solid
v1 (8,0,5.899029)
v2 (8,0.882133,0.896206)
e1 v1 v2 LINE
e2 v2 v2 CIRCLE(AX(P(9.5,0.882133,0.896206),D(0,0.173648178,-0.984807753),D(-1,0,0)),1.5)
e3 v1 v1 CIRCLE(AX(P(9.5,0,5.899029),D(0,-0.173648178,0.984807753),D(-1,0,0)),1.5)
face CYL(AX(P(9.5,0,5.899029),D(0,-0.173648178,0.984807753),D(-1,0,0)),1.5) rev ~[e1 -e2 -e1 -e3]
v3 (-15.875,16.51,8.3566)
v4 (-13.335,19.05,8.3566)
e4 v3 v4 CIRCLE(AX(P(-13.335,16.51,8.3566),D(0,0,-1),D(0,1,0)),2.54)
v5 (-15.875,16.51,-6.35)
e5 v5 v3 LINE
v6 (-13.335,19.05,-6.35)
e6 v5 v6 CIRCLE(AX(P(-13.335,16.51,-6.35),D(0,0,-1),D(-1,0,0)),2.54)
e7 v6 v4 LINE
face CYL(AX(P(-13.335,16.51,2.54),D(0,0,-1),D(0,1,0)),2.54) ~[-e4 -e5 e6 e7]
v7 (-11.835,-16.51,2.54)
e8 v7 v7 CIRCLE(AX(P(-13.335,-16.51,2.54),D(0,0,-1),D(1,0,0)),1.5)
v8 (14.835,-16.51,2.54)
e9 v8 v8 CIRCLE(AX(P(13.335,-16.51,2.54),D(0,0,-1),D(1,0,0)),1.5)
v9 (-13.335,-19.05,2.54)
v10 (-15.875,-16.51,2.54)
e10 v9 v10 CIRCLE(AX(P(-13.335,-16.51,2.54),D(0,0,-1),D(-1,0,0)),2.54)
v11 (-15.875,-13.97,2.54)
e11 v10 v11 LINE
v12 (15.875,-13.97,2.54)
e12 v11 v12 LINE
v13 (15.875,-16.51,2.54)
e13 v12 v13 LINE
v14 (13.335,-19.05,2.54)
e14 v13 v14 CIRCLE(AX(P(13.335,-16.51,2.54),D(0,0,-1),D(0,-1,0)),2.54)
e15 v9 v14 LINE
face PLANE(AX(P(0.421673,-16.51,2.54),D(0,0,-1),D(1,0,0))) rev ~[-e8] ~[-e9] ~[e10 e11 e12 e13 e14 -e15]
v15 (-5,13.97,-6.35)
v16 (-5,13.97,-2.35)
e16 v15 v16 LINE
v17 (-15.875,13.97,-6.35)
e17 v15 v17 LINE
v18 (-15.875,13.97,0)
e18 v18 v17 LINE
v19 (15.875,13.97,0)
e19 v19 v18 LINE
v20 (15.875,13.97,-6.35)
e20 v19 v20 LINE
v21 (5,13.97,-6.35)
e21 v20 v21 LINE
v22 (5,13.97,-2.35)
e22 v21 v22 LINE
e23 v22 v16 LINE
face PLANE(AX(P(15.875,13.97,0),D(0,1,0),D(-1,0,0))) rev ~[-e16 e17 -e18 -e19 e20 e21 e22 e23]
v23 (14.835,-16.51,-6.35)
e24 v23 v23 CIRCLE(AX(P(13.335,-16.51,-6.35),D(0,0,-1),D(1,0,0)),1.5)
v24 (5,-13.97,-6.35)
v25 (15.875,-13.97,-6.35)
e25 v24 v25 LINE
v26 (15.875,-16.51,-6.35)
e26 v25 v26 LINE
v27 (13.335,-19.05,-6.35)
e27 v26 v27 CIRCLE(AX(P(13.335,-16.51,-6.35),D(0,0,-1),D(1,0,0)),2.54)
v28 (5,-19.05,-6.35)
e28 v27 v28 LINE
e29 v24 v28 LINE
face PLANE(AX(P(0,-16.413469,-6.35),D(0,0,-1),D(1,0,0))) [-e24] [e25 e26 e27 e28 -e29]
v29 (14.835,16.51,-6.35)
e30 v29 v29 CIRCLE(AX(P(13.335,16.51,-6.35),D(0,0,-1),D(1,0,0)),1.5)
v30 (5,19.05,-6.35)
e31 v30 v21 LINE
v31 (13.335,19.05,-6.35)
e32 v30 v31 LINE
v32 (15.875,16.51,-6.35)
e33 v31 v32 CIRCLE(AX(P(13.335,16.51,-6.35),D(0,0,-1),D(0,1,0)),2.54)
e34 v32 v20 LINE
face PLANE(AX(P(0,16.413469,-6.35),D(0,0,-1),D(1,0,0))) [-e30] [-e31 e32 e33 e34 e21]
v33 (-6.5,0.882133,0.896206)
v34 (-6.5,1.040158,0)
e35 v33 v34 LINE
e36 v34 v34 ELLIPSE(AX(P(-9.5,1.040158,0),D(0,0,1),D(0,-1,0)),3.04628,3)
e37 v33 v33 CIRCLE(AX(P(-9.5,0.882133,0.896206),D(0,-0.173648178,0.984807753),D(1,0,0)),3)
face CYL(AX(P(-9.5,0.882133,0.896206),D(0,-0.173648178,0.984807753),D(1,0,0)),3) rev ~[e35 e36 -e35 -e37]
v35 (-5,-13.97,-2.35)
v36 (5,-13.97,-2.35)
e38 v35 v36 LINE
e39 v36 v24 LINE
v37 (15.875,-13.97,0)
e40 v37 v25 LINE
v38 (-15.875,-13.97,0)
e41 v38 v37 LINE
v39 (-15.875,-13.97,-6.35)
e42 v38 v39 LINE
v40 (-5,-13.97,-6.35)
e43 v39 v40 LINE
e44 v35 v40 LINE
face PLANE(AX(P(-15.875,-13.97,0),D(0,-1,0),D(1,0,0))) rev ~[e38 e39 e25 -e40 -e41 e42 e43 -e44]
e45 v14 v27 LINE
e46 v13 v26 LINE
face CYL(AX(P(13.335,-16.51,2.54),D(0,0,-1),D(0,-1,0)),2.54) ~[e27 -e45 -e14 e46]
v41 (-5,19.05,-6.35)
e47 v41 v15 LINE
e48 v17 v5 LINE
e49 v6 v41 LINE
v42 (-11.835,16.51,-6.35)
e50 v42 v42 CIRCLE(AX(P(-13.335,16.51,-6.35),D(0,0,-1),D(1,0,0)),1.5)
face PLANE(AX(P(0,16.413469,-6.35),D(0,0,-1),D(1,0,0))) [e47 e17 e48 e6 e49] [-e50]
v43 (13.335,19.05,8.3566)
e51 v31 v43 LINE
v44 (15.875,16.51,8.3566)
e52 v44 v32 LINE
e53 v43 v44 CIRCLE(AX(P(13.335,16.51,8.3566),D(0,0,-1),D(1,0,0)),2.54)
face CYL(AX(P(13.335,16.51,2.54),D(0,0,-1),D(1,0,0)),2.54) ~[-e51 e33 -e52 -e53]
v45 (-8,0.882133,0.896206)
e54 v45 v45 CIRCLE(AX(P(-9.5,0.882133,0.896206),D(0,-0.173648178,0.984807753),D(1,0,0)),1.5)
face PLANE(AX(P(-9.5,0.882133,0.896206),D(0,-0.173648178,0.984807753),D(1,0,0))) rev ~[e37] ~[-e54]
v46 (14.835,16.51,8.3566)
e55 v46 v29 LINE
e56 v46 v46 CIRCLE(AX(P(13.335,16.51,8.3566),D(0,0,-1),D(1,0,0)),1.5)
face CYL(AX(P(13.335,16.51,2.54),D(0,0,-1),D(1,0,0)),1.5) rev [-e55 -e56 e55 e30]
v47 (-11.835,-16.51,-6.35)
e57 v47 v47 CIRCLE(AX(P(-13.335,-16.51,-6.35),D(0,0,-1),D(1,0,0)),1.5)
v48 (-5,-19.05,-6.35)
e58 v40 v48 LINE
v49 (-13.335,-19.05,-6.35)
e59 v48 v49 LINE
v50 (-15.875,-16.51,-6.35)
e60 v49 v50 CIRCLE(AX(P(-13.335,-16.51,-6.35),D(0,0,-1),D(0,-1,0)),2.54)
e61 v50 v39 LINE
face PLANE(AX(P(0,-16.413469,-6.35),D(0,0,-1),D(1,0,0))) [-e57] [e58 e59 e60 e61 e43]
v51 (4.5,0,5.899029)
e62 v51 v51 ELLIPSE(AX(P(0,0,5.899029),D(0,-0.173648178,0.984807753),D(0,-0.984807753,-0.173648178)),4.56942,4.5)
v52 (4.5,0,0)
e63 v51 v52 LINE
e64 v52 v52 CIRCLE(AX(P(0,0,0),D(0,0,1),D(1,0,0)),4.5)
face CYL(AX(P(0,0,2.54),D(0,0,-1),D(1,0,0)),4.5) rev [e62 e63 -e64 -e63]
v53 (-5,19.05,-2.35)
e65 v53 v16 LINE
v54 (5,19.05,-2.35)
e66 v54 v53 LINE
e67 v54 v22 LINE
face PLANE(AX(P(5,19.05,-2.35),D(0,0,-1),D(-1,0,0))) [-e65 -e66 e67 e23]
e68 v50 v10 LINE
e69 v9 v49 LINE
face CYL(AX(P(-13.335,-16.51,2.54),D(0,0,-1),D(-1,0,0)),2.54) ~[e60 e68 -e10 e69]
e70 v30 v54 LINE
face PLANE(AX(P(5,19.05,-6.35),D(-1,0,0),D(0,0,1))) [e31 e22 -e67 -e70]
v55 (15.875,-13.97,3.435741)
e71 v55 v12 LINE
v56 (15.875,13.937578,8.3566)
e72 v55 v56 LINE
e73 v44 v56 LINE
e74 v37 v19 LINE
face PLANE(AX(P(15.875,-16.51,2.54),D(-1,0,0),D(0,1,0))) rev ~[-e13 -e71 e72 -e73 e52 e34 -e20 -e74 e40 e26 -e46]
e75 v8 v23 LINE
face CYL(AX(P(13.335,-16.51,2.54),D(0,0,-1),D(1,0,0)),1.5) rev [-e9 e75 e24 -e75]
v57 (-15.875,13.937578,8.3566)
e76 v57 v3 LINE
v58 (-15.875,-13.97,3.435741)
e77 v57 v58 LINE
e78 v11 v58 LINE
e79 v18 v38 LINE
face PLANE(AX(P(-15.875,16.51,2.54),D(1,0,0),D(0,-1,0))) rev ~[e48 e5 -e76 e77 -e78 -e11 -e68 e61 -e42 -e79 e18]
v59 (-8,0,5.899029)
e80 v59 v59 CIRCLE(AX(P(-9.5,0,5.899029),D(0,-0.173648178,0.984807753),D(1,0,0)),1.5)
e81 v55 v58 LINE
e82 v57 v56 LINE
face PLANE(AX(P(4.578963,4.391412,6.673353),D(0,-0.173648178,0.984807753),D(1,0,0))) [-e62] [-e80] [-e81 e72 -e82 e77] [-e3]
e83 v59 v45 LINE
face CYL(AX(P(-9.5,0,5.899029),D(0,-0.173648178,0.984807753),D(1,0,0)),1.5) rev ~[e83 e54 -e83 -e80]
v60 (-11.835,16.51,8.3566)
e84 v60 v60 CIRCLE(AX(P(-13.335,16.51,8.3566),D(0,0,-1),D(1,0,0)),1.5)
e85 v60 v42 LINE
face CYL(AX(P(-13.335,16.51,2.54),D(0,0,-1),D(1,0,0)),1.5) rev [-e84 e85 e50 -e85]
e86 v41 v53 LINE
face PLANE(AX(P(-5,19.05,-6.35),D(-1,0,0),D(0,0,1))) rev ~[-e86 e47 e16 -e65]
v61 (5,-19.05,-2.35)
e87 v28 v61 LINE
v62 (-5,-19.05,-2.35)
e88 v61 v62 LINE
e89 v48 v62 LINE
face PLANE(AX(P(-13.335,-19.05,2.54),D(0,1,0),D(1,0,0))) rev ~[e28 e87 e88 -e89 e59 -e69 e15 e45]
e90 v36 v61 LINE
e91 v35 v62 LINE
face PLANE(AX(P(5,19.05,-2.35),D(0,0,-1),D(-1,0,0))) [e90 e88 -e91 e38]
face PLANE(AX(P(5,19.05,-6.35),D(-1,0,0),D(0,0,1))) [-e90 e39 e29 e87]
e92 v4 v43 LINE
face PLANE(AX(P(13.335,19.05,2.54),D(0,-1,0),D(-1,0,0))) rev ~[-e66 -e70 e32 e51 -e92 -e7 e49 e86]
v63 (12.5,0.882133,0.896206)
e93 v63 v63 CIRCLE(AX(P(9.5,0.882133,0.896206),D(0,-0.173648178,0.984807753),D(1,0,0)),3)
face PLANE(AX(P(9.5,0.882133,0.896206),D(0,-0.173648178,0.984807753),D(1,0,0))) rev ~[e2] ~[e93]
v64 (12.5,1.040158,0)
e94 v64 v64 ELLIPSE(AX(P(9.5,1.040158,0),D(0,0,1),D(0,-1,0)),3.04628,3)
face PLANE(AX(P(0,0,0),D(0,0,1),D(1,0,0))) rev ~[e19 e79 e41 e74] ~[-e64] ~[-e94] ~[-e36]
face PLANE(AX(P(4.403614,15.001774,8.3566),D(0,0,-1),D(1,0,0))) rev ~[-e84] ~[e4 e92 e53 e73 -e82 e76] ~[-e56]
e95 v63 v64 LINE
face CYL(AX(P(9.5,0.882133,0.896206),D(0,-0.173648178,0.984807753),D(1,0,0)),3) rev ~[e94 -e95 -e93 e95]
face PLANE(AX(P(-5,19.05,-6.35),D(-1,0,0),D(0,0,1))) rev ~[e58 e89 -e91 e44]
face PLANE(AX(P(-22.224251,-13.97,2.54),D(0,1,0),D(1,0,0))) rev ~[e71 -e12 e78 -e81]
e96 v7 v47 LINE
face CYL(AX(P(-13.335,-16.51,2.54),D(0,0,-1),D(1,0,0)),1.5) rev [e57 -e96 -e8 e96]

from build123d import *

# Parameters (mm, degrees)
F0_R      = 1.5
F0_R_2    = 4.5
F1_DEPTH  = 2.54
F2_R      = 1.5
F3_DEPTH  = 6.35
F4_W      = 10
F4_H      = 4
F5_DEPTH  = 38.101
F7_DEPTH  = 25.4
F8_W      = 51.0473959148
F8_H      = 75.9243667126
F9_DEPTH  = 25.4
F11_W     = 50.7149714977
F11_H     = 15.4611356556
F12_DEPTH = 25.4
F14_W     = 45.2918484807
F14_H     = 5.08
F15_DEPTH = 25.4
F16_R     = 1.5
F17_DEPTH = 25.4
F19_R     = 3
F19_R_2   = 1.5
F20_DEPTH = 25.4


with BuildPart() as f1:
    # F0 (on Top) → F1 (new body)
    with BuildSketch(Plane.XY):
        with BuildLine():
            ThreePointArc((15.875, 16.51), (15.1310512242, 18.3060512242), (13.335, 19.05))
            Line((13.335, 19.05), (-13.335, 19.05))
            ThreePointArc((-13.335, 19.05), (-15.1310512242, 18.3060512242), (-15.875, 16.51))
            Line((-15.875, 16.51), (-15.875, -16.51))
            ThreePointArc((-15.875, -16.51), (-15.1310512242, -18.3060512242), (-13.335, -19.05))
            Line((-13.335, -19.05), (13.335, -19.05))
            ThreePointArc((13.335, -19.05), (15.1310512242, -18.3060512242), (15.875, -16.51))
            Line((15.875, -16.51), (15.875, 16.51))
        make_face()
        with Locations((-13.335, -16.51)):
            Circle(F0_R, mode=Mode.SUBTRACT)
        with Locations((13.335, -16.51)):
            Circle(F0_R, mode=Mode.SUBTRACT)
        with Locations((-13.335, 16.51)):
            Circle(F0_R, mode=Mode.SUBTRACT)
        Circle(F0_R_2, mode=Mode.SUBTRACT)
        with Locations((13.335, 16.51)):
            Circle(F0_R, mode=Mode.SUBTRACT)
    extrude(amount=F1_DEPTH)

    # F2 (on face) → F3 (join)
    with BuildSketch(Plane(origin=(0, 0, 0), x_dir=(1, 0, 0), z_dir=(0, 0, -1))):
        with BuildLine():
            Line((-15.875, 16.51), (-15.875, 13.97))
            Line((-15.875, 13.97), (15.875, 13.97))
            Line((15.875, 13.97), (15.875, 16.51))
            ThreePointArc((15.875, 16.51), (15.1310512242, 18.3060512242), (13.335, 19.05))
            Line((13.335, 19.05), (-13.335, 19.05))
            ThreePointArc((-13.335, 19.05), (-15.1310512242, 18.3060512242), (-15.875, 16.51))
        make_face()
        with Locations((-13.335, 16.51)):
            Circle(F2_R, mode=Mode.SUBTRACT)
        with Locations((13.335, 16.51)):
            Circle(F2_R, mode=Mode.SUBTRACT)
        with BuildLine():
            Line((15.875, -13.97), (-15.875, -13.97))
            Line((-15.875, -13.97), (-15.875, -16.51))
            ThreePointArc((-15.875, -16.51), (-15.1310512242, -18.3060512242), (-13.335, -19.05))
            Line((-13.335, -19.05), (13.335, -19.05))
            ThreePointArc((13.335, -19.05), (15.1310512242, -18.3060512242), (15.875, -16.51))
            Line((15.875, -16.51), (15.875, -13.97))
        make_face()
        with Locations((-13.335, -16.51)):
            Circle(F2_R, mode=Mode.SUBTRACT)
        with Locations((13.335, -16.51)):
            Circle(F2_R, mode=Mode.SUBTRACT)
    extrude(amount=F3_DEPTH)

    # F4 (on face) → F5 (cut, through all)
    with BuildSketch(Plane(origin=(0, 19.05, 0), x_dir=(-1, 0, 0), z_dir=(0, 1, 0))):
        with Locations((0, -4.35)):
            Rectangle(F4_W, F4_H)
    extrude(amount=-F5_DEPTH, mode=Mode.SUBTRACT)

    # F7 (add): a face of the model
    f7_faces = [f1.faces().sort_by_distance(p)[0] for p in [
        (14.7803610119, 17.9553610119, 2.54),
    ]]
    extrude(f7_faces, amount=F7_DEPTH)

    # F8 (on face) → F9 (cut)
    with BuildSketch(Plane(origin=(0, -1.008793369, 5.7211514936), x_dir=(1, 0, 0), z_dir=(0, -0.1736481777, 0.984807753))):
        with Locations((4.5789629221, 5.4835118353)):
            Rectangle(F8_W, F8_H)
    extrude(amount=F9_DEPTH, mode=Mode.SUBTRACT)

    # F11 (on offset) → F12 (cut)
    with BuildSketch(Plane(origin=(0, 0, 8.3566), x_dir=(1, 0, 0), z_dir=(0, 0, -1))):
        with Locations((4.4036144391, -15.0017738342)):
            Rectangle(F11_W, F11_H)
    extrude(amount=-F12_DEPTH, mode=Mode.SUBTRACT)

    # F14 (on offset) → F15 (cut)
    with BuildSketch(Plane(origin=(0, 0, 2.54), x_dir=(1, 0, 0), z_dir=(0, 0, -1))):
        with Locations((0.4216730595, 16.51)):
            Rectangle(F14_W, F14_H)
    extrude(amount=-F15_DEPTH, mode=Mode.SUBTRACT)

    # F16 (on face) → F17 (cut)
    with BuildSketch(Plane(origin=(0, -1.008793369, 5.7211514936), x_dir=(1, 0, 0), z_dir=(0, -0.1736481777, 0.984807753))):
        with Locations((-9.5, 1.0243556328)):
            Circle(F16_R)
        with BuildLine():
            ThreePointArc((11, 1.0243556328), (9.5, 2.5243556328), (8, 1.0243556328))
            ThreePointArc((8, 1.0243556328), (9.5, -0.4756443672), (11, 1.0243556328))
        make_face()
    extrude(amount=-F17_DEPTH, mode=Mode.SUBTRACT)

    # F19 (on offset) → F20 (cut)
    with BuildSketch(Plane(origin=(0, -0.1266606265, 0.7183281083), x_dir=(1, 0, 0), z_dir=(0, -0.1736481777, 0.984807753))):
        with Locations((9.5, 1.0243556328)):
            Circle(F19_R)
        with Locations((9.5, 1.0243556328)):
            Circle(F19_R_2, mode=Mode.SUBTRACT)
        with Locations((-9.5, 1.0243556328)):
            Circle(F19_R)
        with Locations((-9.5, 1.0243556328)):
            Circle(F19_R_2, mode=Mode.SUBTRACT)
    extrude(amount=-F20_DEPTH, mode=Mode.SUBTRACT)


solid = f1.part
